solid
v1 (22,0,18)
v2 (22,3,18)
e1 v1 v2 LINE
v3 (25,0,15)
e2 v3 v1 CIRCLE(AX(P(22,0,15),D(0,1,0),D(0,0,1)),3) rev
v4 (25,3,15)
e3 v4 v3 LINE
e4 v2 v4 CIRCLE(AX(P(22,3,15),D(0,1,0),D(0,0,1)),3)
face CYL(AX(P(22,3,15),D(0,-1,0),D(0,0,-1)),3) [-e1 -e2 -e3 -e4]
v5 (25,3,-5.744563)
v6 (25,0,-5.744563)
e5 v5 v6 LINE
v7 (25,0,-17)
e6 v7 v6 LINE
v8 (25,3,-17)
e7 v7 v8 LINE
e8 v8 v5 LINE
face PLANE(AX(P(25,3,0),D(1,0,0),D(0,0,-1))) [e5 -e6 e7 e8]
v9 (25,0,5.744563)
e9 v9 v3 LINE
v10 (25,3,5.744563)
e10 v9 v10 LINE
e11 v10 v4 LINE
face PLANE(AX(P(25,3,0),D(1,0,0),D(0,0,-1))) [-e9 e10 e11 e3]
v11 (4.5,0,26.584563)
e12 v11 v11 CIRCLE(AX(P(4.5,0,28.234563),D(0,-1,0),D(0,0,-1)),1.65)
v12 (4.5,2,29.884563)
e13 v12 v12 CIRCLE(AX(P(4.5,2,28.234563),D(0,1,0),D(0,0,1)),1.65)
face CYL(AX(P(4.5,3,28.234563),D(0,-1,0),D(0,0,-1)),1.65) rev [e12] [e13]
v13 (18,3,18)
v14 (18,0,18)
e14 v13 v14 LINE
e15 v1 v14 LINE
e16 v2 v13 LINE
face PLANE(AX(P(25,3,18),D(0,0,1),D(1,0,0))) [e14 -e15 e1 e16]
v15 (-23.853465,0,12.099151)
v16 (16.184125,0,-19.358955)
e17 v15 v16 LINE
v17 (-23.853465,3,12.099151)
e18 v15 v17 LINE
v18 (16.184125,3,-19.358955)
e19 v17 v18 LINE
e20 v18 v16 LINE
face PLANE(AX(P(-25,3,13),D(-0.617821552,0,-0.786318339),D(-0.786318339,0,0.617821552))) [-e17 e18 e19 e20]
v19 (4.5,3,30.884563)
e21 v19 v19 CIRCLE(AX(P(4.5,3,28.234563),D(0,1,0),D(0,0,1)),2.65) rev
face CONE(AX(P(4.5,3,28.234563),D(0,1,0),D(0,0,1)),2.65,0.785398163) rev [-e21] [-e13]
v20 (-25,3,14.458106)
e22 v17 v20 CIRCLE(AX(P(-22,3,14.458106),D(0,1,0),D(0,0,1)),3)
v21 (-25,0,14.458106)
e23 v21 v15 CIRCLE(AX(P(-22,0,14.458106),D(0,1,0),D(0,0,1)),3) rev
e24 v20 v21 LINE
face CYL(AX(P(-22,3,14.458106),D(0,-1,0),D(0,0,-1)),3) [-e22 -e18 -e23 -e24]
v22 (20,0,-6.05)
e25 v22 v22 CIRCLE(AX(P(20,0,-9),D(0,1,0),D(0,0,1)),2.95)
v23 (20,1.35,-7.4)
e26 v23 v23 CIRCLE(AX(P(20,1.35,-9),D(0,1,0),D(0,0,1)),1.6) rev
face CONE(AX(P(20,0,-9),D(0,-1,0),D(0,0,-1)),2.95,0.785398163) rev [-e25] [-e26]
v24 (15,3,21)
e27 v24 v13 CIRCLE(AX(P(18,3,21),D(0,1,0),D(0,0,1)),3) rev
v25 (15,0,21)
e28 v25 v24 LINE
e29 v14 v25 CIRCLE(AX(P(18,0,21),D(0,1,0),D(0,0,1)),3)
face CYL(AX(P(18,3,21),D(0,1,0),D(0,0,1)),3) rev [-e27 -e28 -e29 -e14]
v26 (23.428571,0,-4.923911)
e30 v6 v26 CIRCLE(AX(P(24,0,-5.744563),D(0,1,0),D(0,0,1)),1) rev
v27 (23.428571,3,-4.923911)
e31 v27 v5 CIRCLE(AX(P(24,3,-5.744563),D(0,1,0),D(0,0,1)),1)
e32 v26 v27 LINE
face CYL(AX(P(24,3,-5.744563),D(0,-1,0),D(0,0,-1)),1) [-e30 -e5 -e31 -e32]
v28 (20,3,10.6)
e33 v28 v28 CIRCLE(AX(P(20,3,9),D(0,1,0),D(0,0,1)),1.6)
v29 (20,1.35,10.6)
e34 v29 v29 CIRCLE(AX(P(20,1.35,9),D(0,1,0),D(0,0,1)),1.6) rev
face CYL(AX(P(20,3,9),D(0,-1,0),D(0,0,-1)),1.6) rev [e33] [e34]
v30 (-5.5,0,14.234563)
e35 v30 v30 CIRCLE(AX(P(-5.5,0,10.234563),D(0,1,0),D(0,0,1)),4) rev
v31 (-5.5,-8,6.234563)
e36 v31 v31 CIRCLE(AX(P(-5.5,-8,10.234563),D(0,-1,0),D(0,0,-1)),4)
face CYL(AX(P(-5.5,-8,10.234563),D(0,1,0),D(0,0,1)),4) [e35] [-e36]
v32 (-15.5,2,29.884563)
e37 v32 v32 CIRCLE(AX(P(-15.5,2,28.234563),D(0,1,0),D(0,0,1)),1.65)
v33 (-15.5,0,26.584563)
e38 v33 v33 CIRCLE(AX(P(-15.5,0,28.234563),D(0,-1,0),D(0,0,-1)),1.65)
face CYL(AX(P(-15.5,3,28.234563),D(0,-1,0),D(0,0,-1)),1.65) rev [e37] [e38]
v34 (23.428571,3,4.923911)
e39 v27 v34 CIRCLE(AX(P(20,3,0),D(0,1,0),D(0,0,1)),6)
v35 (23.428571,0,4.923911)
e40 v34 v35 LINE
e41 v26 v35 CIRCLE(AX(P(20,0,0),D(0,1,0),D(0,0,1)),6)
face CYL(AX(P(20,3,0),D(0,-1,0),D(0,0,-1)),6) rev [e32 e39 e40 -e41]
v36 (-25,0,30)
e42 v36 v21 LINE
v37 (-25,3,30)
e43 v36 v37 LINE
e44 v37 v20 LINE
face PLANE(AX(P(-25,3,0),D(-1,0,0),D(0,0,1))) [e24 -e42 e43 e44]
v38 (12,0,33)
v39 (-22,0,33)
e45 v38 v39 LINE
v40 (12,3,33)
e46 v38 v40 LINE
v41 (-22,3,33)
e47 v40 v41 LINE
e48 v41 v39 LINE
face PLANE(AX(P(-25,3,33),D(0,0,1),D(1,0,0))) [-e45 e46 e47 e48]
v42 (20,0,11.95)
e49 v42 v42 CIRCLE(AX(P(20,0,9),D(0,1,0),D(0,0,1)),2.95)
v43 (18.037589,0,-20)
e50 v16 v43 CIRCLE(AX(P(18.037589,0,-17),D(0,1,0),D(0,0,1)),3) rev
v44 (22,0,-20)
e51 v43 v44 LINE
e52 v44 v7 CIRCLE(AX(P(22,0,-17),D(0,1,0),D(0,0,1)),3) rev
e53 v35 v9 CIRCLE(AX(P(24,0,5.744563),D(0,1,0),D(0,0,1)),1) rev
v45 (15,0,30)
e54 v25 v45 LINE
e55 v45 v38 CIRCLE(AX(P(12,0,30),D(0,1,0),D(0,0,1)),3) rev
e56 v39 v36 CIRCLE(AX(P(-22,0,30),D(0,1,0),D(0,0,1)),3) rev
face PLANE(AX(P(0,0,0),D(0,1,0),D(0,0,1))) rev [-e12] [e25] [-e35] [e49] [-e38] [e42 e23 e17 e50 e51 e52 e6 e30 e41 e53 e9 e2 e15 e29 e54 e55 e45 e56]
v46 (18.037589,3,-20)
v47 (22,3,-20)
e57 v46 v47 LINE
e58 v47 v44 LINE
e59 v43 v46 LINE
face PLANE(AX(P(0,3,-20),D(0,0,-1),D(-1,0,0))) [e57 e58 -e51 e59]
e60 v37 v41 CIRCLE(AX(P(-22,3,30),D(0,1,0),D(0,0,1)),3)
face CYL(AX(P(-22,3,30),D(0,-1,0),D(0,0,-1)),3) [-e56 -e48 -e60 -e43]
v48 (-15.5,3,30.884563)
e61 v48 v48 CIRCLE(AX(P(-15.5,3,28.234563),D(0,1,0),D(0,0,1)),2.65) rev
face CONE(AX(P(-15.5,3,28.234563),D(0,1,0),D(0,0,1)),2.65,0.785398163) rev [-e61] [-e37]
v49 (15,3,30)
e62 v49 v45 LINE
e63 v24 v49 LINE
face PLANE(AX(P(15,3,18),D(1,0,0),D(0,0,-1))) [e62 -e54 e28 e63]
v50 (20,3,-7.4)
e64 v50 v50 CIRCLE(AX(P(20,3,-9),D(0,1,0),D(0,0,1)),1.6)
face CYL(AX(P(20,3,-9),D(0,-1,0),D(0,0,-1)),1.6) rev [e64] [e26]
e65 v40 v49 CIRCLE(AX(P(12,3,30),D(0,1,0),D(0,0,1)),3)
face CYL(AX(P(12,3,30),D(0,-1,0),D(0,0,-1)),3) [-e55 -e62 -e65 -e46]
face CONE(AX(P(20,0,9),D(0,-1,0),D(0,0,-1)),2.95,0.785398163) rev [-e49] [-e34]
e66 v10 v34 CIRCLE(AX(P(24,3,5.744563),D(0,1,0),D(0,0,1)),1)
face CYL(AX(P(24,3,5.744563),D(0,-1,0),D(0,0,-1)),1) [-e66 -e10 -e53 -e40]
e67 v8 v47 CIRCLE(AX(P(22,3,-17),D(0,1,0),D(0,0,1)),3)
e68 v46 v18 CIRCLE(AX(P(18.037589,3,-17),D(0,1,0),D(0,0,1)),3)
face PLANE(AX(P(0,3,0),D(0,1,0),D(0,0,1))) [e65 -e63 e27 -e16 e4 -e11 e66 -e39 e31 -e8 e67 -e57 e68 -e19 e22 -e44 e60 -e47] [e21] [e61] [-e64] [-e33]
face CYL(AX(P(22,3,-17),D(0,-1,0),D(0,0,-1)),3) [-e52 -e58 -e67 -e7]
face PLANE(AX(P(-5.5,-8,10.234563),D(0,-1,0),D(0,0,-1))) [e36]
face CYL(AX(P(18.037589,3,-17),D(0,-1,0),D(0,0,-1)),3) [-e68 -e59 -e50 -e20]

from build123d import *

# Parameters (mm, degrees)
ESBO_O1_R                 = 1.6
RESSALTO_EXTRUS_O10_DEPTH = 3
FILETE2_R                 = 1
CHANFRO1_SIZE             = 1.35
ESBO_O5_W                 = 50
ESBO_O5_H                 = 13
RESSALTO_EXTRUS_O13_DEPTH = 3
ESBO_O7_R                 = 1.65
CORTE_EXTRUS_O1_DEPTH     = 4
ESBO_O8_W                 = 10
ESBO_O8_H                 = 15
CORTE_EXTRUS_O2_DEPTH     = 4
FILETE3_R                 = 3
CHANFRO2_SIZE             = 1
ESBO_O9_R                 = 4
RESSALTO_EXTRUS_O14_DEPTH = 8


with BuildPart() as part:
    # Esboço1 → Ressalto-extrusão10 (new body)
    with BuildSketch(Plane(origin=(0, 0, 0), x_dir=(1, 0, 0), z_dir=(0, 1, 0))):
        with BuildLine():
            Line((25, 20), (-25, 20))
            Line((-25, 20), (-25, -20))
            Line((-25, -20), (25, -20))
            Line((25, -20), (25, -3.31662479))
            ThreePointArc((25, -3.31662479), (14, 0), (25, 3.31662479))
            Line((25, 3.31662479), (25, 20))
        make_face()
        with Locations((20, -9)):
            Circle(ESBO_O1_R, mode=Mode.SUBTRACT)
        with Locations((20, 9)):
            Circle(ESBO_O1_R, mode=Mode.SUBTRACT)
    extrude(amount=RESSALTO_EXTRUS_O10_DEPTH)

    # Filete2
    filete2_edges = [part.edges().sort_by_distance(p)[0] for p in [
        (25, 1.5, 3.31662479),
        (25, 1.5, -3.31662479),
    ]]
    fillet(filete2_edges, radius=FILETE2_R)

    # Chanfro1
    chanfro1_edges = [part.edges().sort_by_distance(p)[0] for p in [
        (18.4, 0, -9),
        (18.4, 0, 9),
    ]]
    chamfer(chanfro1_edges, length=CHANFRO1_SIZE)

    # Esboço5 → Ressalto-extrusão13 (add)
    with BuildSketch(Plane.XZ):
        with Locations((0, 26.5)):
            Rectangle(ESBO_O5_W, ESBO_O5_H)
    extrude(amount=-RESSALTO_EXTRUS_O13_DEPTH)

    # Esboço7 → Corte-extrusão1 (cut, through all)
    with BuildSketch(Plane.XZ):
        with Locations((-15.5, 28.234562647)):
            Circle(ESBO_O7_R)
        with Locations((4.5, 28.234562647)):
            Circle(ESBO_O7_R)
    extrude(amount=-CORTE_EXTRUS_O1_DEPTH, mode=Mode.SUBTRACT)

    # Esboço8 → Corte-extrusão2 (cut, through all)
    with BuildSketch(Plane.XZ):
        Polygon((-25, -20), (-25, 13), (17, -20), align=None)
        with Locations((20, 25.5)):
            Rectangle(ESBO_O8_W, ESBO_O8_H)
    extrude(amount=-CORTE_EXTRUS_O2_DEPTH, mode=Mode.SUBTRACT)

    # Filete3
    filete3_edges = [part.edges().sort_by_distance(p)[0] for p in [
        (25, 1.5, -20),
        (-25, 1.5, 33),
        (-25, 1.5, 13),
        (17, 1.5, -20),
        (15, 1.5, 18),
        (15, 1.5, 33),
        (25, 1.5, 18),
    ]]
    fillet(filete3_edges, radius=FILETE3_R)

    # Chanfro2
    chanfro2_edges = [part.edges().sort_by_distance(p)[0] for p in [
        (-17.15, 3, 28.234562647),
        (2.85, 3, 28.234562647),
    ]]
    chamfer(chanfro2_edges, length=CHANFRO2_SIZE)

    # Esboço9 → Ressalto-extrusão14 (add)
    with BuildSketch(Plane.XZ):
        with Locations((-5.5, 10.234562647)):
            Circle(ESBO_O9_R)
    extrude(amount=RESSALTO_EXTRUS_O14_DEPTH)


solid = part.part
